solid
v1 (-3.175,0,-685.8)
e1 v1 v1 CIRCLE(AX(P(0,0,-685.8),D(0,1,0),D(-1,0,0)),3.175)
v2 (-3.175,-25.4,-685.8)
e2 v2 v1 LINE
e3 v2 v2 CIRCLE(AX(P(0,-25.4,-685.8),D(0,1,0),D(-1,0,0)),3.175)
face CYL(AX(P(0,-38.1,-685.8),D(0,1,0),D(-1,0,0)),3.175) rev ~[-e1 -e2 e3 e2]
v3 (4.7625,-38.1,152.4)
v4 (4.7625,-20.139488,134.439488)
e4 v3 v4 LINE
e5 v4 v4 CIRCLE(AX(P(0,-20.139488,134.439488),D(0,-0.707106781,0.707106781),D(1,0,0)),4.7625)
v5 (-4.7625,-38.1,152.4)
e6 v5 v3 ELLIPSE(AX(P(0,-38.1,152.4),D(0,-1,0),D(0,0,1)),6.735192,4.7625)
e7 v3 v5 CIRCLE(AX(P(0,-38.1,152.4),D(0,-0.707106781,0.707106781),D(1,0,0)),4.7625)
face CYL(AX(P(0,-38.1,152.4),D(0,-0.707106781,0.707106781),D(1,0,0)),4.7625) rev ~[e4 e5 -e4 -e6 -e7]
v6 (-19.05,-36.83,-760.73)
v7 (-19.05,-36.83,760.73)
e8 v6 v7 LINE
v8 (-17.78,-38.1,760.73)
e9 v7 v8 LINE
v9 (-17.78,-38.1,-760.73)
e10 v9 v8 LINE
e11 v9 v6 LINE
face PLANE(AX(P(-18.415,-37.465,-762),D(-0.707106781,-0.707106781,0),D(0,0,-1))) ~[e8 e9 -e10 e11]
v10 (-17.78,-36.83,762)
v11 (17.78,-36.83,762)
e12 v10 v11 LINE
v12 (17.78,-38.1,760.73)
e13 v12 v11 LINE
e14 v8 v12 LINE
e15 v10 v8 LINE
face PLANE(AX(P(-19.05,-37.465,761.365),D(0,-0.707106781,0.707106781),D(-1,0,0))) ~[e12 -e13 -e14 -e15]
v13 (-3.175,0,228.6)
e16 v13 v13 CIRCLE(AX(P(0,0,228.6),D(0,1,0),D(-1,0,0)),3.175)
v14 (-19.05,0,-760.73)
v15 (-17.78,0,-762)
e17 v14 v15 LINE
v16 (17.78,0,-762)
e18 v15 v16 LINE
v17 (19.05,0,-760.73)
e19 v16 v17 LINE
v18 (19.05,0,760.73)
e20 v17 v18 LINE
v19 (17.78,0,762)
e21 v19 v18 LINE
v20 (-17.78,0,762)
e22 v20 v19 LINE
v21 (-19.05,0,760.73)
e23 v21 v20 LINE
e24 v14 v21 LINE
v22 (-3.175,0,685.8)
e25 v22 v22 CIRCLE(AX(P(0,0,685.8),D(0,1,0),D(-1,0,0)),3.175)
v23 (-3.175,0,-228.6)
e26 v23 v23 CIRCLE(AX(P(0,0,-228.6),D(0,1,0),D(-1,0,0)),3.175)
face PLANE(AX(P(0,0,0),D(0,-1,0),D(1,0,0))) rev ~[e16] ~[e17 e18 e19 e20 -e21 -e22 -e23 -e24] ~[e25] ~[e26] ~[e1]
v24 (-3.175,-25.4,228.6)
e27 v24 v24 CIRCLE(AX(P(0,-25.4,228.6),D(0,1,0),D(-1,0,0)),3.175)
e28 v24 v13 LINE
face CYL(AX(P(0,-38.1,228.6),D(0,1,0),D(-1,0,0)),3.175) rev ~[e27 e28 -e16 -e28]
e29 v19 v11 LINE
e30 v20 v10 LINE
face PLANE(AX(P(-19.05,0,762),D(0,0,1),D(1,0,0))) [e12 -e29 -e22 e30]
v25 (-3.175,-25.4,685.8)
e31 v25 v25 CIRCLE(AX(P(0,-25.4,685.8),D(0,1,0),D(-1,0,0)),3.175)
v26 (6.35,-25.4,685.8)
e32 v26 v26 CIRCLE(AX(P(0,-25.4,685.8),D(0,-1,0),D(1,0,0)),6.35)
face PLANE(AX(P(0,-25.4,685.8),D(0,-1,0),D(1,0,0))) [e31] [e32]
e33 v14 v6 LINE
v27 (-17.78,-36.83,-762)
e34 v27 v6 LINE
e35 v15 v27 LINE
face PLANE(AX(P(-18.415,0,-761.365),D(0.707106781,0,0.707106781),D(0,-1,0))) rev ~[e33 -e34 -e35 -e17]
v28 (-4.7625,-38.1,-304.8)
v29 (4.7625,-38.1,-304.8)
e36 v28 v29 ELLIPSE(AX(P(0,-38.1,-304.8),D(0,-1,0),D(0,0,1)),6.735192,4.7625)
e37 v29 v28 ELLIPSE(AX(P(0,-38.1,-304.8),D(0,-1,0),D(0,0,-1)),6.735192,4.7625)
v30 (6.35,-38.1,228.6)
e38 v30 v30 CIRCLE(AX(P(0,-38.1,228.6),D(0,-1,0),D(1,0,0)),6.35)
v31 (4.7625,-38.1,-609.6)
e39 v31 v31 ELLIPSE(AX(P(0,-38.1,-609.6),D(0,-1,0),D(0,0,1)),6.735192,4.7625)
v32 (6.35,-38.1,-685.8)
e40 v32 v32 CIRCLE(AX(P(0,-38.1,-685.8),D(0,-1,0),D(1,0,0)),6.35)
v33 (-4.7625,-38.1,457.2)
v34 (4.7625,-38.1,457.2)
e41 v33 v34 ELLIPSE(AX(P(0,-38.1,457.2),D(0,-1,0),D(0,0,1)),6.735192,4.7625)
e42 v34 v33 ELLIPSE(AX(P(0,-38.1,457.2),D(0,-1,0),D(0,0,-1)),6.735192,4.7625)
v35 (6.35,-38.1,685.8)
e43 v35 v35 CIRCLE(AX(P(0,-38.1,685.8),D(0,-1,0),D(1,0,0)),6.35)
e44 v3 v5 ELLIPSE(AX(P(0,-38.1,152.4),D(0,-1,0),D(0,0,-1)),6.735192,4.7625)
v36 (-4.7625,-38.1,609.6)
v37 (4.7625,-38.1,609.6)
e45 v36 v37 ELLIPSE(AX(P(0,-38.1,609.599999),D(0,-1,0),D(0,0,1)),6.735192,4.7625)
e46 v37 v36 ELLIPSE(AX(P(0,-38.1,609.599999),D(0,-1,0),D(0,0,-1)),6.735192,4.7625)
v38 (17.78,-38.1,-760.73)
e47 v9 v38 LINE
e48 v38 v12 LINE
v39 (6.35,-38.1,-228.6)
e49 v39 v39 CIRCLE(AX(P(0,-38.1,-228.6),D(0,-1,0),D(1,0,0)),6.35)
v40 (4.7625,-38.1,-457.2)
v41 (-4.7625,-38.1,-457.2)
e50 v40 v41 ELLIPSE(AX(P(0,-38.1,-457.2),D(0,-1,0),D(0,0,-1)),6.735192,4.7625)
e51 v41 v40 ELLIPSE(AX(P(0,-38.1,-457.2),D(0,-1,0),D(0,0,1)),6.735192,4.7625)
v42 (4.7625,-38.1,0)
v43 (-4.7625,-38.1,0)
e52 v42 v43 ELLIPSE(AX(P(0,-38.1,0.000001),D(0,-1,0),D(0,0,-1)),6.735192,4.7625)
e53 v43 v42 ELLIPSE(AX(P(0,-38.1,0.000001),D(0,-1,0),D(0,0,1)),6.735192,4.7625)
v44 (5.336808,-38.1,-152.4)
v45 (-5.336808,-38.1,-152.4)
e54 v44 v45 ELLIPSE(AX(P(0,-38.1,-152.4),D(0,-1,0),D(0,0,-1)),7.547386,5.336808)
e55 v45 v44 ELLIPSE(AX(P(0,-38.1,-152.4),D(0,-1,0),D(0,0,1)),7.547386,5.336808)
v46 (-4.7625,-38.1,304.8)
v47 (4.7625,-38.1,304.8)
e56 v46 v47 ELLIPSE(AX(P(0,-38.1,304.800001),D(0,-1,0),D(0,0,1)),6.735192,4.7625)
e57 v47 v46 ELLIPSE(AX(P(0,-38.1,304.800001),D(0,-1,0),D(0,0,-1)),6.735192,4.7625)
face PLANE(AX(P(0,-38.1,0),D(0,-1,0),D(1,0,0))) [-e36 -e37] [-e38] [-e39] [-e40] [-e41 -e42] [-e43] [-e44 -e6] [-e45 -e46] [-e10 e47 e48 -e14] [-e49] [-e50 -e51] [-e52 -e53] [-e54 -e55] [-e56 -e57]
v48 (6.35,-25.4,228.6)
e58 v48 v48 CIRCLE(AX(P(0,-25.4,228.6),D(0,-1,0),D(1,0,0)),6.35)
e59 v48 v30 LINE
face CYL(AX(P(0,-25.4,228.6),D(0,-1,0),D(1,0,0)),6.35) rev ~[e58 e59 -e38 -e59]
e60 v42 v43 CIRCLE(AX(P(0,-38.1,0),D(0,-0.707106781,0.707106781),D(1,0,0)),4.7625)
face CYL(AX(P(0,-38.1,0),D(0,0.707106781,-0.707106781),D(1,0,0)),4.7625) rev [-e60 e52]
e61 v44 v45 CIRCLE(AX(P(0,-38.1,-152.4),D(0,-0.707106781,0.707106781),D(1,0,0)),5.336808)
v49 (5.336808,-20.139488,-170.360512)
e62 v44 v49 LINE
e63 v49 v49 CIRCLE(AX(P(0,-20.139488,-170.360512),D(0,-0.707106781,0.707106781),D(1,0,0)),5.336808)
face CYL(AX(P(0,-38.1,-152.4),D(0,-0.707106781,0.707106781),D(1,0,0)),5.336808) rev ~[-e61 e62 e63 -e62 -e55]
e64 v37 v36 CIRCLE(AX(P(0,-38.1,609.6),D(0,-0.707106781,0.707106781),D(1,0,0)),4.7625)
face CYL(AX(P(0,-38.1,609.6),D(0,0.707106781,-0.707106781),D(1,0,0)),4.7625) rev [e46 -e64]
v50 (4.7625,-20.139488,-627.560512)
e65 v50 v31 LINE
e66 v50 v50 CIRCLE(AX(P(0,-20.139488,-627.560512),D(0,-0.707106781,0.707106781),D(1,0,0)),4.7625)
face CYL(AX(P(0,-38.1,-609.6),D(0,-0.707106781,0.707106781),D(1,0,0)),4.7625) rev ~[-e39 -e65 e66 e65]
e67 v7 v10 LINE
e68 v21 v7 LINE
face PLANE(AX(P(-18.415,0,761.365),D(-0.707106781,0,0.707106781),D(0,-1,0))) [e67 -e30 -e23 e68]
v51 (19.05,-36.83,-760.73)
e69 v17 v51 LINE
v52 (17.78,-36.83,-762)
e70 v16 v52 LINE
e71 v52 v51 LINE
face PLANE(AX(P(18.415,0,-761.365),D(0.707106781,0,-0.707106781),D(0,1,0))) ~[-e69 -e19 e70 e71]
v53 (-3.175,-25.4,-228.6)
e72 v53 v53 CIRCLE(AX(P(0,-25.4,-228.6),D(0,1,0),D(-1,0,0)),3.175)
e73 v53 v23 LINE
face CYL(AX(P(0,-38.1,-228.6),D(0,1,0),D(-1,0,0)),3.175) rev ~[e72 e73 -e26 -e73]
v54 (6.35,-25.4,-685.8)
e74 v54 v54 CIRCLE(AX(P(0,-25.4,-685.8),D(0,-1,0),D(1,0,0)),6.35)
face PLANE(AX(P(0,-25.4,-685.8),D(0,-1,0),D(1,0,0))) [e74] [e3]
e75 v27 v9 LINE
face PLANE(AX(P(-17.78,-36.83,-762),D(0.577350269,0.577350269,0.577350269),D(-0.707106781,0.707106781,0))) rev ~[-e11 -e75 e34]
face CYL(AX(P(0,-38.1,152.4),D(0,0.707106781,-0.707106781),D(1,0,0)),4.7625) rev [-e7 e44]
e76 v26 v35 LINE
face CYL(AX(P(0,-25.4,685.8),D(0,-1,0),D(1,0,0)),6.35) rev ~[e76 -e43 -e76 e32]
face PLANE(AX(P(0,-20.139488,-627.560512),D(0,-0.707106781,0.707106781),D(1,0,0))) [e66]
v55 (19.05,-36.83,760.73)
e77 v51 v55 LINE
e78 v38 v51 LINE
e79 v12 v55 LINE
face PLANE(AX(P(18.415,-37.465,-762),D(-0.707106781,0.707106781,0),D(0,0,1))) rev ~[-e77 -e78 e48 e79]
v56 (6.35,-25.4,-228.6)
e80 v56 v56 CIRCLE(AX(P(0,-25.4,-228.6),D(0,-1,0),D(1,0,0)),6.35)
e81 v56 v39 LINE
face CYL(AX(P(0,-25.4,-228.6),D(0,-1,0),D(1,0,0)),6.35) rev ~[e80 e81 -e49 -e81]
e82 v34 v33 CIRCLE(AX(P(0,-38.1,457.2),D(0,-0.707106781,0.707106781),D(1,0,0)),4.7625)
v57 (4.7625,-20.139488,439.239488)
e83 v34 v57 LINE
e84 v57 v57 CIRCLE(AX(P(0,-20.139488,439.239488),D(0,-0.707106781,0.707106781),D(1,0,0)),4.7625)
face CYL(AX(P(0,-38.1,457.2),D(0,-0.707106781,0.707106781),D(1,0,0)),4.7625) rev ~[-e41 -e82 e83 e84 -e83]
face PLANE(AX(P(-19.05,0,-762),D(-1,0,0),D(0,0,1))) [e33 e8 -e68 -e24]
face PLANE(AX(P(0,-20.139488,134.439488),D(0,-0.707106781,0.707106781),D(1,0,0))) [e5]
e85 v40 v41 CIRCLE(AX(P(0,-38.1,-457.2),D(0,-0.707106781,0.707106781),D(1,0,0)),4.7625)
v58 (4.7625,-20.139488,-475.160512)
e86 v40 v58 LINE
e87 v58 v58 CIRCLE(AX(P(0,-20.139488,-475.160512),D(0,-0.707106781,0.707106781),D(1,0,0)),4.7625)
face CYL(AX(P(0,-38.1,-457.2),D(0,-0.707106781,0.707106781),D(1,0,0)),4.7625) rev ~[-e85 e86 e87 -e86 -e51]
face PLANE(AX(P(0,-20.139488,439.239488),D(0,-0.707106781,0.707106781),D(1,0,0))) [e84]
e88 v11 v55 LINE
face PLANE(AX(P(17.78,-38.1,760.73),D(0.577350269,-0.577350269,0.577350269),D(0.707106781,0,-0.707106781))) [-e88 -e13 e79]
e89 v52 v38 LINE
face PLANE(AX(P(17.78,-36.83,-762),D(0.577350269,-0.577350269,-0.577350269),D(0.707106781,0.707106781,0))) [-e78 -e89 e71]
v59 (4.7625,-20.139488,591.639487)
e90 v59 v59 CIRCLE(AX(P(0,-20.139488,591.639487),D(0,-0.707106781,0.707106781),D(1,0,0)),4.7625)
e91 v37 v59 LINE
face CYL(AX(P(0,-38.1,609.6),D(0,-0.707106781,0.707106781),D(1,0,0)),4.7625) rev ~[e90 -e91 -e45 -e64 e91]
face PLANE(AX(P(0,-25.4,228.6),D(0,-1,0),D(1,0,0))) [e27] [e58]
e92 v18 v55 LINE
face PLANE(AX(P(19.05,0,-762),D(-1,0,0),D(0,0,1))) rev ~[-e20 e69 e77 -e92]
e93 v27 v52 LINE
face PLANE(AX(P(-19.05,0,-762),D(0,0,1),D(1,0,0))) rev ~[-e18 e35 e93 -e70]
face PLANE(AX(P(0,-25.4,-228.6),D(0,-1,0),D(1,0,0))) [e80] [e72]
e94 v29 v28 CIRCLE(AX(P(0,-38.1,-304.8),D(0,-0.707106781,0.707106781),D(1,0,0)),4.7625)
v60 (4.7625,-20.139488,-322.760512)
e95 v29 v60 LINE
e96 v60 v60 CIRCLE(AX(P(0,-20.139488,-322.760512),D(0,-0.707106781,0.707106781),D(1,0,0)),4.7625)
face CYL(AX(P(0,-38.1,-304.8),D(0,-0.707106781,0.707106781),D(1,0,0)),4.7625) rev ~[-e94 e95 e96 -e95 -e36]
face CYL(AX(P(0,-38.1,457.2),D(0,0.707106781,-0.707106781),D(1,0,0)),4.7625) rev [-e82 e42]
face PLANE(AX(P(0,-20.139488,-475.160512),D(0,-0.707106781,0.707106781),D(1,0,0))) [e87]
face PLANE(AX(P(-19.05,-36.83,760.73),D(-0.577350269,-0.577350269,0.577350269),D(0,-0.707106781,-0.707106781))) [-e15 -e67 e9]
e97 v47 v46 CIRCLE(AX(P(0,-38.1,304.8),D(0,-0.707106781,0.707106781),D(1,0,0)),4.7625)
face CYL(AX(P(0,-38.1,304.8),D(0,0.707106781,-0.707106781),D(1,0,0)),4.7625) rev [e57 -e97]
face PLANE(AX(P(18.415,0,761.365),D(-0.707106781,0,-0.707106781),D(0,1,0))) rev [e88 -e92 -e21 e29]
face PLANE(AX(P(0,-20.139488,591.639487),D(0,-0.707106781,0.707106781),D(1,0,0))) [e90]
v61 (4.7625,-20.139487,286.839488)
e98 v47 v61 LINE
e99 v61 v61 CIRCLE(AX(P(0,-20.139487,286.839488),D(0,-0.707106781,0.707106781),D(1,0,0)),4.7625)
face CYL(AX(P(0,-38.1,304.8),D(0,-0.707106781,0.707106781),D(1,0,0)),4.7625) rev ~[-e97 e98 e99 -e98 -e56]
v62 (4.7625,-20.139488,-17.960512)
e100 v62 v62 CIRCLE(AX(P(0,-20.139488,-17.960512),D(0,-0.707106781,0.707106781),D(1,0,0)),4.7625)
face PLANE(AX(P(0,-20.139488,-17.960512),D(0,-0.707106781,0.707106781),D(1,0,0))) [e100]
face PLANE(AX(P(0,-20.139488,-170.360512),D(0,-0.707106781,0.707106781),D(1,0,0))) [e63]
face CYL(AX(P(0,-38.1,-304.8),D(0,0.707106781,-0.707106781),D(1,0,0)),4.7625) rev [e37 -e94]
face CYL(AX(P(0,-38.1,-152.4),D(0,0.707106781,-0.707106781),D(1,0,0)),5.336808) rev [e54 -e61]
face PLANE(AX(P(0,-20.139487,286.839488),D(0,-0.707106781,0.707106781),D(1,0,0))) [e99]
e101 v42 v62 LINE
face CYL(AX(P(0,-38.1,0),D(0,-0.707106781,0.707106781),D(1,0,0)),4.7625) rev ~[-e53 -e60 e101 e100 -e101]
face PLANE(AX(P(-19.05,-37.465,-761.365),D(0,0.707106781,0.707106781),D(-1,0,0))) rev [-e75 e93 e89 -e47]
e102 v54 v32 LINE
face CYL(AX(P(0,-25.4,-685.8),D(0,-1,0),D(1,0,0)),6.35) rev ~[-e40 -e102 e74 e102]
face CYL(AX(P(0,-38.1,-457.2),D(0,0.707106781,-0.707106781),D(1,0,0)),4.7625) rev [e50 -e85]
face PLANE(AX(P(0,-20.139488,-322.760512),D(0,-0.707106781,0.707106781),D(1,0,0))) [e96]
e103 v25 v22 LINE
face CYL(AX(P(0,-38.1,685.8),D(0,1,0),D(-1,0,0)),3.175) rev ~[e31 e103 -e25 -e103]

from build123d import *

# Parameters (mm, degrees)
F0_W            = 38.1
F0_H            = 1524
F1_DEPTH        = 38.1
F4_R            = 4.7625
F6_R            = 4.7625
F8_R            = 4.7625
F10_R           = 4.7625
F12_R           = 4.7625
F14_R           = 5.336808
F16_R           = 4.7625
F18_R           = 4.7625
F20_R           = 4.7625
F21_DEPTH       = 25.4
F22_SIZE        = 1.27
F23_D           = 6.35
F23_CBORE_D     = 12.7
F23_CBORE_DEPTH = 12.7


with BuildPart() as f1:
    # F0 (on Front) → F1 (new body)
    with BuildSketch(Plane.XZ):
        Rectangle(F0_W, F0_H)
    extrude(amount=F1_DEPTH)

    # F4 (on face) + F6 (on face) + F8 (on face) + F10 (on face) + F12 (on face) + F14 (on face) + F16 (on face) + F18 (on face) + F20 (on face) → F21 (cut, symmetric)
    with BuildSketch(Plane(origin=(0, -323.85, 323.85), x_dir=(1, 0, 0), z_dir=(0, -0.707107, 0.707107))):
        with Locations((0, 404.111525)):
            Circle(F4_R)
    with BuildSketch(Plane(origin=(0, -247.65, 247.65), x_dir=(1, 0, 0), z_dir=(0, -0.707107, 0.707107))):
        with Locations((0, 296.348452)):
            Circle(F6_R)
    with BuildSketch(Plane(origin=(0, -171.45, 171.45), x_dir=(1, 0, 0), z_dir=(0, -0.707107, 0.707107))):
        with Locations((0, 188.585379)):
            Circle(F8_R)
    with BuildSketch(Plane(origin=(0, -95.25, 95.25), x_dir=(1, 0, 0), z_dir=(0, -0.707107, 0.707107))):
        with Locations((0, 80.822305)):
            Circle(F10_R)
    with BuildSketch(Plane(origin=(0, -19.05, 19.05), x_dir=(1, 0, 0), z_dir=(0, -0.707107, 0.707107))):
        with Locations((0, -26.940768)):
            Circle(F12_R)
    with BuildSketch(Plane(origin=(0, 57.15, -57.15), x_dir=(1, 0, 0), z_dir=(0, -0.707107, 0.707107))):
        with Locations((0, -134.703842)):
            Circle(F14_R)
    with BuildSketch(Plane(origin=(0, 133.35, -133.35), x_dir=(1, 0, 0), z_dir=(0, -0.707107, 0.707107))):
        with Locations((0, -242.466915)):
            Circle(F16_R)
    with BuildSketch(Plane(origin=(0, 209.55, -209.55), x_dir=(1, 0, 0), z_dir=(0, -0.707107, 0.707107))):
        with Locations((0, -350.229989)):
            Circle(F18_R)
    with BuildSketch(Plane(origin=(0, 285.75, -285.75), x_dir=(1, 0, 0), z_dir=(0, -0.707107, 0.707107))):
        with Locations((0, -457.993062)):
            Circle(F20_R)
    extrude(amount=F21_DEPTH, both=True, mode=Mode.SUBTRACT)

    # F22
    f22_edges = [f1.edges().sort_by_distance(p)[0] for p in [
        (19.05, -19.05, 762),
        (0, -38.1, 762),
        (-19.05, -19.05, 762),
        (19.05, -38.1, 0),
        (-19.05, -38.1, 0),
        (0, -38.1, -762),
        (19.05, -19.05, -762),
        (-19.05, -19.05, -762),
    ]]
    chamfer(f22_edges, length=F22_SIZE)

    # F23 (through all)
    with Locations(Plane.XZ.offset(38.1)):
        with Locations((0, 685.8), (0, 228.6), (0, -228.6), (0, -685.8)):
            CounterBoreHole(F23_D / 2, F23_CBORE_D / 2, F23_CBORE_DEPTH)


solid = f1.part
